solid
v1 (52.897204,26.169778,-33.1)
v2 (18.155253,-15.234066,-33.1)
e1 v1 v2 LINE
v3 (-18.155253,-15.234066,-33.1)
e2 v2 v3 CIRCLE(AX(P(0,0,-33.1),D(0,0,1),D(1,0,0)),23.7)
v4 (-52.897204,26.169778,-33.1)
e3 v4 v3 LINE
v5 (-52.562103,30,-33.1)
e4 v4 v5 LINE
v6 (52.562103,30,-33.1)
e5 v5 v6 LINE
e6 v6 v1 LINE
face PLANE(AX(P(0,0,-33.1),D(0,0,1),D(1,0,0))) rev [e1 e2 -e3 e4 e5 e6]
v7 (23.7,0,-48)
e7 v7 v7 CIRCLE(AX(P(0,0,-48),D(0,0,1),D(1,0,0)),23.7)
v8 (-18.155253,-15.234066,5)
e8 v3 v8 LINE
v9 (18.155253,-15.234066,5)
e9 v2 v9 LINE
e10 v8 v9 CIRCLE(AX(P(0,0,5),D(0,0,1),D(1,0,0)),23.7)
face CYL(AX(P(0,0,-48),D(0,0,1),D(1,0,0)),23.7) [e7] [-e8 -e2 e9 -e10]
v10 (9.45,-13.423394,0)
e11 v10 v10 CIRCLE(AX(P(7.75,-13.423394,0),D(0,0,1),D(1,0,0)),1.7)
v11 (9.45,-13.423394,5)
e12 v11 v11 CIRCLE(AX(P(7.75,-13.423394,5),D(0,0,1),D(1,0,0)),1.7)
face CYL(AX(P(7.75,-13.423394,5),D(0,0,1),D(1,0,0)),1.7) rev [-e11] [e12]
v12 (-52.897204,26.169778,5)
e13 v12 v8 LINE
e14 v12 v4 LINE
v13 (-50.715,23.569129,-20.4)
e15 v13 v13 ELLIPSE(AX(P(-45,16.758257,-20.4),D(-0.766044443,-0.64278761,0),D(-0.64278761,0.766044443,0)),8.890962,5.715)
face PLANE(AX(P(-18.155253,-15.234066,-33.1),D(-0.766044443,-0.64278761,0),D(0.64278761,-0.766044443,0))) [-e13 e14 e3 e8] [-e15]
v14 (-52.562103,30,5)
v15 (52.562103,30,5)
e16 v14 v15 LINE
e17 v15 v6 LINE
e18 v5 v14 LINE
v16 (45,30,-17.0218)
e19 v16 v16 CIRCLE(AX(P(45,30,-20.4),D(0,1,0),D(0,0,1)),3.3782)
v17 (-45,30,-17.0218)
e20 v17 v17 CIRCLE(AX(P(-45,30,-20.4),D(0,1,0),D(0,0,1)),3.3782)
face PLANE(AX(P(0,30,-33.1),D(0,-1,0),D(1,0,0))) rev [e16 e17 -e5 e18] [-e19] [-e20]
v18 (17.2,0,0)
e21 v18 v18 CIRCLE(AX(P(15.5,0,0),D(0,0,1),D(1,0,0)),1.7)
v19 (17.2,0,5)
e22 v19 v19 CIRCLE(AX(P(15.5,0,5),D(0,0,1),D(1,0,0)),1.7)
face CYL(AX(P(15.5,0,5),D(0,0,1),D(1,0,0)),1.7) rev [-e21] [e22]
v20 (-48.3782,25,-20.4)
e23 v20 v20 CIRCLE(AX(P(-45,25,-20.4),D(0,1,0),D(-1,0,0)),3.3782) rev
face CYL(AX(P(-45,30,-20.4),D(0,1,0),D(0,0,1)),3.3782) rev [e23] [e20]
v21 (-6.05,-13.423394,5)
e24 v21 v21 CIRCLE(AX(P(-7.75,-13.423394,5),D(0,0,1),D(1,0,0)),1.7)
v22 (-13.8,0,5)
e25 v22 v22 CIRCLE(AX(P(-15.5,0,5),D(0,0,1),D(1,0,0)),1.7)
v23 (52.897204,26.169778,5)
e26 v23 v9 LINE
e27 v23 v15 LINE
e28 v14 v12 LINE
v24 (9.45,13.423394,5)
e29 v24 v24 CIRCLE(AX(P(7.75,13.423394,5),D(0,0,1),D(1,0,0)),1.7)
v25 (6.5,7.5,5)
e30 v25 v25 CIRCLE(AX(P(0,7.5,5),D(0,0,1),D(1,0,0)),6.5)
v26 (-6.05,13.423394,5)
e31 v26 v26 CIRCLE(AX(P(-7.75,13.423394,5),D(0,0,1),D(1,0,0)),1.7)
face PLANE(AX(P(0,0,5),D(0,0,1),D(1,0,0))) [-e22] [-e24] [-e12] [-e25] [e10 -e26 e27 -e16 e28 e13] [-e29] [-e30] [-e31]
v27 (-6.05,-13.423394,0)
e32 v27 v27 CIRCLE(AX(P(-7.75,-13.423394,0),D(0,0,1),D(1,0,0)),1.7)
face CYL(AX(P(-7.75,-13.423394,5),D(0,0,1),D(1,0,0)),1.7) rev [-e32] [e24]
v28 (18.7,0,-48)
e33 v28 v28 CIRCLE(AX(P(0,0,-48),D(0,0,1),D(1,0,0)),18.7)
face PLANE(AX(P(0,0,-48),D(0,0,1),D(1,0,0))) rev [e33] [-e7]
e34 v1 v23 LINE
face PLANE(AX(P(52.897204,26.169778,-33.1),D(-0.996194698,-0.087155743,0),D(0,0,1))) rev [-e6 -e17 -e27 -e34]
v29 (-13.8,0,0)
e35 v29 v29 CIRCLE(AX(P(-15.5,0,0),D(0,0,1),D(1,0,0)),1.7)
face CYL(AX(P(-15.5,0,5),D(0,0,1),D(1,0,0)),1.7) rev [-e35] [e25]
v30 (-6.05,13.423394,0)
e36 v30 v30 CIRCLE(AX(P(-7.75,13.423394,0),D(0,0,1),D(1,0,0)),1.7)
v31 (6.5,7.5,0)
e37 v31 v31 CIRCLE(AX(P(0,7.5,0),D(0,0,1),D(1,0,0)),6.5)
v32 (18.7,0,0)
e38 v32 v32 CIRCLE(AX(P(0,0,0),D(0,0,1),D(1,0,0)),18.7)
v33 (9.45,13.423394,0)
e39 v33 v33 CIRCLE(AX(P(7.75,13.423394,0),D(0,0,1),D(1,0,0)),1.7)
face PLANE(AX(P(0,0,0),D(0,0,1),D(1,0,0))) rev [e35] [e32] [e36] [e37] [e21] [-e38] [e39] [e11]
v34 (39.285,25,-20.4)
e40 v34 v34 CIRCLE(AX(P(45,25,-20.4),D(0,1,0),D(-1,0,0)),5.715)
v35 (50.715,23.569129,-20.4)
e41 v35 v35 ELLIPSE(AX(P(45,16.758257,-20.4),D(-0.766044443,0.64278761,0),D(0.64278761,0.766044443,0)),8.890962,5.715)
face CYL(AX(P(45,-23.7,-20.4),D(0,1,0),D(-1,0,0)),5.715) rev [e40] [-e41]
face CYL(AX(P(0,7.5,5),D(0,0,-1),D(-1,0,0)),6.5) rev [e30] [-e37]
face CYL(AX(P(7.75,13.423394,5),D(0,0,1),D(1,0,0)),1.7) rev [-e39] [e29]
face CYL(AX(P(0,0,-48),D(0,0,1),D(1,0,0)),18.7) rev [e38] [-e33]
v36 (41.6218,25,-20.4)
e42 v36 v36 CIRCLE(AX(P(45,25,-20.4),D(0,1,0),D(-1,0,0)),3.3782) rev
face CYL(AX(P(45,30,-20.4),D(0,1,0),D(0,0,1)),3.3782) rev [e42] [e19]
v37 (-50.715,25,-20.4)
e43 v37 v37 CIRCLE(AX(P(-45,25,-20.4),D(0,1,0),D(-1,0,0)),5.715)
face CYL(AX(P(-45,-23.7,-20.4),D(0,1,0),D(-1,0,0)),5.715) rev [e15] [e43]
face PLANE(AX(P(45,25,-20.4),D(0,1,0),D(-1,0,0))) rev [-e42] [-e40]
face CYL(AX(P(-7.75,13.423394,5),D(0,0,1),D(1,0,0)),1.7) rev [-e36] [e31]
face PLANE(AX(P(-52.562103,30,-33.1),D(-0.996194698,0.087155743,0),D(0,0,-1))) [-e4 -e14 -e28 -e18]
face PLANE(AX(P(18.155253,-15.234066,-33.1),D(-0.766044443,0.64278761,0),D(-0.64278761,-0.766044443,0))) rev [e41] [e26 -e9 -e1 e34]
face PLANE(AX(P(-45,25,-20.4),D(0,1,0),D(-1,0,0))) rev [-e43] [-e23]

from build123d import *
from OCP.BRepFilletAPI import BRepFilletAPI_MakeChamfer

# Parameters (mm, degrees)
SKETCH1_R               = 23.7
SKETCH1_R_2             = 18.7
BOSS_EXTRUDE1_DEPTH     = 48
BOSS_EXTRUDE2_START     = 5
SKETCH1_3_R             = 23.7
SKETCH1_3_R_2           = 6.5
BOSS_EXTRUDE2_DEPTH     = 5
M3_CLEARANCE_HOLE1_D    = 3.4
CIRPATTERN1_COUNT       = 6
BOSS_EXTRUDE3_DEPTH     = 38.1
F_1_4_CLEARANCE_HOLE1_D = 6.7564
SKETCH9_R               = 5.715
CUT_EXTRUDE1_DEPTH      = 89.454226705
CHAMFER1_SIZE           = 5
CHAMFER1_SIZE2          = 3.549039071


with BuildPart() as part:
    # Sketch1 → Boss-Extrude1 (new body)
    with BuildSketch(Plane.XY):
        Circle(SKETCH1_R)
        Circle(SKETCH1_R_2, mode=Mode.SUBTRACT)
    extrude(amount=-BOSS_EXTRUDE1_DEPTH)

    # Sketch1<3> → Boss-Extrude2 (add)
    with BuildSketch(Plane.XY.offset(BOSS_EXTRUDE2_START)):
        Circle(SKETCH1_3_R)
        with Locations((0, 7.5)):
            Circle(SKETCH1_3_R_2, mode=Mode.SUBTRACT)
    extrude(amount=-BOSS_EXTRUDE2_DEPTH)

    # M3 Clearance Hole1 (through all)
    with Locations(Plane.XY.offset(5)):
        with Locations((-15.5, 0)):
            m3_clearance_hole1 = Hole(M3_CLEARANCE_HOLE1_D / 2)

    # CirPattern1: M3 Clearance Hole1 ×6 about axis
    cirpattern1_axis = Axis((0, 0, -48), (0, 0, 1))
    for i in range(1, CIRPATTERN1_COUNT):
        add(m3_clearance_hole1.rotate(cirpattern1_axis, i * 360 / CIRPATTERN1_COUNT), mode=Mode.SUBTRACT)

    # Sketch5 → Boss-Extrude3 (add)
    with BuildSketch(Plane.XY.offset(5)):
        with BuildLine():
            Line((56.111141692, 30), (-56.111141692, 30))
            Line((-56.111141692, 30), (-18.155253302, -15.23406635))
            ThreePointArc((-18.155253302, -15.23406635), (-8.105877397, 22.270715113), (23.7, 0))
            ThreePointArc((23.7, 0), (22.270715113, -8.105877397), (18.155253302, -15.23406635))
            Line((18.155253302, -15.23406635), (56.111141692, 30))
        make_face()
    extrude(amount=-BOSS_EXTRUDE3_DEPTH)

    # 1/4 Clearance Hole1 (through all)
    with Locations(Plane(origin=(0, 30, 0), x_dir=(1, 0, 0), z_dir=(0, 1, 0))):
        with Locations((-45, 20.4), (45, 20.4)):
            Hole(F_1_4_CLEARANCE_HOLE1_D / 2)

    # Sketch9 → Cut-Extrude1 (cut, through all)
    with BuildSketch(Plane(origin=(0, 25, 0), x_dir=(1, 0, 0), z_dir=(0, 1, 0))):
        with Locations((-45, 20.4)):
            Circle(SKETCH9_R)
        with Locations((45, 20.4)):
            Circle(SKETCH9_R)
    extrude(amount=-CUT_EXTRUDE1_DEPTH, mode=Mode.SUBTRACT)

    # Chamfer1: one chamfer whose edges measure the first distance from different faces: ONE call of the kernel's chamfer builder (chamfer() names one face for all edges)
    chamfer1_edges_1 = [part.edges().sort_by_distance(p)[0] for p in [
        (56.111141692, 30, -14.05),
    ]]
    chamfer1_side_1 = [part.faces().sort_by_distance(p)[0] for p in [
        (36.532384477, 6.666945749, -13.565030067),
    ]]
    chamfer1_edges_2 = [part.edges().sort_by_distance(p)[0] for p in [
        (-56.111141692, 30, -14.05),
    ]]
    chamfer1_side_2 = [part.faces().sort_by_distance(p)[0] for p in [
        (-36.532384477, 6.666945749, -13.565030067),
    ]]
    chamfer1 = BRepFilletAPI_MakeChamfer(part.part.solid().wrapped)
    for e in chamfer1_edges_1:
        chamfer1.Add(CHAMFER1_SIZE, CHAMFER1_SIZE2, e.wrapped, chamfer1_side_1[0].wrapped)  # the first distance lies on this face
    for e in chamfer1_edges_2:
        chamfer1.Add(CHAMFER1_SIZE, CHAMFER1_SIZE2, e.wrapped, chamfer1_side_2[0].wrapped)  # the first distance lies on this face
    add(Compound.cast(chamfer1.Shape()), mode=Mode.REPLACE)


solid = part.part
